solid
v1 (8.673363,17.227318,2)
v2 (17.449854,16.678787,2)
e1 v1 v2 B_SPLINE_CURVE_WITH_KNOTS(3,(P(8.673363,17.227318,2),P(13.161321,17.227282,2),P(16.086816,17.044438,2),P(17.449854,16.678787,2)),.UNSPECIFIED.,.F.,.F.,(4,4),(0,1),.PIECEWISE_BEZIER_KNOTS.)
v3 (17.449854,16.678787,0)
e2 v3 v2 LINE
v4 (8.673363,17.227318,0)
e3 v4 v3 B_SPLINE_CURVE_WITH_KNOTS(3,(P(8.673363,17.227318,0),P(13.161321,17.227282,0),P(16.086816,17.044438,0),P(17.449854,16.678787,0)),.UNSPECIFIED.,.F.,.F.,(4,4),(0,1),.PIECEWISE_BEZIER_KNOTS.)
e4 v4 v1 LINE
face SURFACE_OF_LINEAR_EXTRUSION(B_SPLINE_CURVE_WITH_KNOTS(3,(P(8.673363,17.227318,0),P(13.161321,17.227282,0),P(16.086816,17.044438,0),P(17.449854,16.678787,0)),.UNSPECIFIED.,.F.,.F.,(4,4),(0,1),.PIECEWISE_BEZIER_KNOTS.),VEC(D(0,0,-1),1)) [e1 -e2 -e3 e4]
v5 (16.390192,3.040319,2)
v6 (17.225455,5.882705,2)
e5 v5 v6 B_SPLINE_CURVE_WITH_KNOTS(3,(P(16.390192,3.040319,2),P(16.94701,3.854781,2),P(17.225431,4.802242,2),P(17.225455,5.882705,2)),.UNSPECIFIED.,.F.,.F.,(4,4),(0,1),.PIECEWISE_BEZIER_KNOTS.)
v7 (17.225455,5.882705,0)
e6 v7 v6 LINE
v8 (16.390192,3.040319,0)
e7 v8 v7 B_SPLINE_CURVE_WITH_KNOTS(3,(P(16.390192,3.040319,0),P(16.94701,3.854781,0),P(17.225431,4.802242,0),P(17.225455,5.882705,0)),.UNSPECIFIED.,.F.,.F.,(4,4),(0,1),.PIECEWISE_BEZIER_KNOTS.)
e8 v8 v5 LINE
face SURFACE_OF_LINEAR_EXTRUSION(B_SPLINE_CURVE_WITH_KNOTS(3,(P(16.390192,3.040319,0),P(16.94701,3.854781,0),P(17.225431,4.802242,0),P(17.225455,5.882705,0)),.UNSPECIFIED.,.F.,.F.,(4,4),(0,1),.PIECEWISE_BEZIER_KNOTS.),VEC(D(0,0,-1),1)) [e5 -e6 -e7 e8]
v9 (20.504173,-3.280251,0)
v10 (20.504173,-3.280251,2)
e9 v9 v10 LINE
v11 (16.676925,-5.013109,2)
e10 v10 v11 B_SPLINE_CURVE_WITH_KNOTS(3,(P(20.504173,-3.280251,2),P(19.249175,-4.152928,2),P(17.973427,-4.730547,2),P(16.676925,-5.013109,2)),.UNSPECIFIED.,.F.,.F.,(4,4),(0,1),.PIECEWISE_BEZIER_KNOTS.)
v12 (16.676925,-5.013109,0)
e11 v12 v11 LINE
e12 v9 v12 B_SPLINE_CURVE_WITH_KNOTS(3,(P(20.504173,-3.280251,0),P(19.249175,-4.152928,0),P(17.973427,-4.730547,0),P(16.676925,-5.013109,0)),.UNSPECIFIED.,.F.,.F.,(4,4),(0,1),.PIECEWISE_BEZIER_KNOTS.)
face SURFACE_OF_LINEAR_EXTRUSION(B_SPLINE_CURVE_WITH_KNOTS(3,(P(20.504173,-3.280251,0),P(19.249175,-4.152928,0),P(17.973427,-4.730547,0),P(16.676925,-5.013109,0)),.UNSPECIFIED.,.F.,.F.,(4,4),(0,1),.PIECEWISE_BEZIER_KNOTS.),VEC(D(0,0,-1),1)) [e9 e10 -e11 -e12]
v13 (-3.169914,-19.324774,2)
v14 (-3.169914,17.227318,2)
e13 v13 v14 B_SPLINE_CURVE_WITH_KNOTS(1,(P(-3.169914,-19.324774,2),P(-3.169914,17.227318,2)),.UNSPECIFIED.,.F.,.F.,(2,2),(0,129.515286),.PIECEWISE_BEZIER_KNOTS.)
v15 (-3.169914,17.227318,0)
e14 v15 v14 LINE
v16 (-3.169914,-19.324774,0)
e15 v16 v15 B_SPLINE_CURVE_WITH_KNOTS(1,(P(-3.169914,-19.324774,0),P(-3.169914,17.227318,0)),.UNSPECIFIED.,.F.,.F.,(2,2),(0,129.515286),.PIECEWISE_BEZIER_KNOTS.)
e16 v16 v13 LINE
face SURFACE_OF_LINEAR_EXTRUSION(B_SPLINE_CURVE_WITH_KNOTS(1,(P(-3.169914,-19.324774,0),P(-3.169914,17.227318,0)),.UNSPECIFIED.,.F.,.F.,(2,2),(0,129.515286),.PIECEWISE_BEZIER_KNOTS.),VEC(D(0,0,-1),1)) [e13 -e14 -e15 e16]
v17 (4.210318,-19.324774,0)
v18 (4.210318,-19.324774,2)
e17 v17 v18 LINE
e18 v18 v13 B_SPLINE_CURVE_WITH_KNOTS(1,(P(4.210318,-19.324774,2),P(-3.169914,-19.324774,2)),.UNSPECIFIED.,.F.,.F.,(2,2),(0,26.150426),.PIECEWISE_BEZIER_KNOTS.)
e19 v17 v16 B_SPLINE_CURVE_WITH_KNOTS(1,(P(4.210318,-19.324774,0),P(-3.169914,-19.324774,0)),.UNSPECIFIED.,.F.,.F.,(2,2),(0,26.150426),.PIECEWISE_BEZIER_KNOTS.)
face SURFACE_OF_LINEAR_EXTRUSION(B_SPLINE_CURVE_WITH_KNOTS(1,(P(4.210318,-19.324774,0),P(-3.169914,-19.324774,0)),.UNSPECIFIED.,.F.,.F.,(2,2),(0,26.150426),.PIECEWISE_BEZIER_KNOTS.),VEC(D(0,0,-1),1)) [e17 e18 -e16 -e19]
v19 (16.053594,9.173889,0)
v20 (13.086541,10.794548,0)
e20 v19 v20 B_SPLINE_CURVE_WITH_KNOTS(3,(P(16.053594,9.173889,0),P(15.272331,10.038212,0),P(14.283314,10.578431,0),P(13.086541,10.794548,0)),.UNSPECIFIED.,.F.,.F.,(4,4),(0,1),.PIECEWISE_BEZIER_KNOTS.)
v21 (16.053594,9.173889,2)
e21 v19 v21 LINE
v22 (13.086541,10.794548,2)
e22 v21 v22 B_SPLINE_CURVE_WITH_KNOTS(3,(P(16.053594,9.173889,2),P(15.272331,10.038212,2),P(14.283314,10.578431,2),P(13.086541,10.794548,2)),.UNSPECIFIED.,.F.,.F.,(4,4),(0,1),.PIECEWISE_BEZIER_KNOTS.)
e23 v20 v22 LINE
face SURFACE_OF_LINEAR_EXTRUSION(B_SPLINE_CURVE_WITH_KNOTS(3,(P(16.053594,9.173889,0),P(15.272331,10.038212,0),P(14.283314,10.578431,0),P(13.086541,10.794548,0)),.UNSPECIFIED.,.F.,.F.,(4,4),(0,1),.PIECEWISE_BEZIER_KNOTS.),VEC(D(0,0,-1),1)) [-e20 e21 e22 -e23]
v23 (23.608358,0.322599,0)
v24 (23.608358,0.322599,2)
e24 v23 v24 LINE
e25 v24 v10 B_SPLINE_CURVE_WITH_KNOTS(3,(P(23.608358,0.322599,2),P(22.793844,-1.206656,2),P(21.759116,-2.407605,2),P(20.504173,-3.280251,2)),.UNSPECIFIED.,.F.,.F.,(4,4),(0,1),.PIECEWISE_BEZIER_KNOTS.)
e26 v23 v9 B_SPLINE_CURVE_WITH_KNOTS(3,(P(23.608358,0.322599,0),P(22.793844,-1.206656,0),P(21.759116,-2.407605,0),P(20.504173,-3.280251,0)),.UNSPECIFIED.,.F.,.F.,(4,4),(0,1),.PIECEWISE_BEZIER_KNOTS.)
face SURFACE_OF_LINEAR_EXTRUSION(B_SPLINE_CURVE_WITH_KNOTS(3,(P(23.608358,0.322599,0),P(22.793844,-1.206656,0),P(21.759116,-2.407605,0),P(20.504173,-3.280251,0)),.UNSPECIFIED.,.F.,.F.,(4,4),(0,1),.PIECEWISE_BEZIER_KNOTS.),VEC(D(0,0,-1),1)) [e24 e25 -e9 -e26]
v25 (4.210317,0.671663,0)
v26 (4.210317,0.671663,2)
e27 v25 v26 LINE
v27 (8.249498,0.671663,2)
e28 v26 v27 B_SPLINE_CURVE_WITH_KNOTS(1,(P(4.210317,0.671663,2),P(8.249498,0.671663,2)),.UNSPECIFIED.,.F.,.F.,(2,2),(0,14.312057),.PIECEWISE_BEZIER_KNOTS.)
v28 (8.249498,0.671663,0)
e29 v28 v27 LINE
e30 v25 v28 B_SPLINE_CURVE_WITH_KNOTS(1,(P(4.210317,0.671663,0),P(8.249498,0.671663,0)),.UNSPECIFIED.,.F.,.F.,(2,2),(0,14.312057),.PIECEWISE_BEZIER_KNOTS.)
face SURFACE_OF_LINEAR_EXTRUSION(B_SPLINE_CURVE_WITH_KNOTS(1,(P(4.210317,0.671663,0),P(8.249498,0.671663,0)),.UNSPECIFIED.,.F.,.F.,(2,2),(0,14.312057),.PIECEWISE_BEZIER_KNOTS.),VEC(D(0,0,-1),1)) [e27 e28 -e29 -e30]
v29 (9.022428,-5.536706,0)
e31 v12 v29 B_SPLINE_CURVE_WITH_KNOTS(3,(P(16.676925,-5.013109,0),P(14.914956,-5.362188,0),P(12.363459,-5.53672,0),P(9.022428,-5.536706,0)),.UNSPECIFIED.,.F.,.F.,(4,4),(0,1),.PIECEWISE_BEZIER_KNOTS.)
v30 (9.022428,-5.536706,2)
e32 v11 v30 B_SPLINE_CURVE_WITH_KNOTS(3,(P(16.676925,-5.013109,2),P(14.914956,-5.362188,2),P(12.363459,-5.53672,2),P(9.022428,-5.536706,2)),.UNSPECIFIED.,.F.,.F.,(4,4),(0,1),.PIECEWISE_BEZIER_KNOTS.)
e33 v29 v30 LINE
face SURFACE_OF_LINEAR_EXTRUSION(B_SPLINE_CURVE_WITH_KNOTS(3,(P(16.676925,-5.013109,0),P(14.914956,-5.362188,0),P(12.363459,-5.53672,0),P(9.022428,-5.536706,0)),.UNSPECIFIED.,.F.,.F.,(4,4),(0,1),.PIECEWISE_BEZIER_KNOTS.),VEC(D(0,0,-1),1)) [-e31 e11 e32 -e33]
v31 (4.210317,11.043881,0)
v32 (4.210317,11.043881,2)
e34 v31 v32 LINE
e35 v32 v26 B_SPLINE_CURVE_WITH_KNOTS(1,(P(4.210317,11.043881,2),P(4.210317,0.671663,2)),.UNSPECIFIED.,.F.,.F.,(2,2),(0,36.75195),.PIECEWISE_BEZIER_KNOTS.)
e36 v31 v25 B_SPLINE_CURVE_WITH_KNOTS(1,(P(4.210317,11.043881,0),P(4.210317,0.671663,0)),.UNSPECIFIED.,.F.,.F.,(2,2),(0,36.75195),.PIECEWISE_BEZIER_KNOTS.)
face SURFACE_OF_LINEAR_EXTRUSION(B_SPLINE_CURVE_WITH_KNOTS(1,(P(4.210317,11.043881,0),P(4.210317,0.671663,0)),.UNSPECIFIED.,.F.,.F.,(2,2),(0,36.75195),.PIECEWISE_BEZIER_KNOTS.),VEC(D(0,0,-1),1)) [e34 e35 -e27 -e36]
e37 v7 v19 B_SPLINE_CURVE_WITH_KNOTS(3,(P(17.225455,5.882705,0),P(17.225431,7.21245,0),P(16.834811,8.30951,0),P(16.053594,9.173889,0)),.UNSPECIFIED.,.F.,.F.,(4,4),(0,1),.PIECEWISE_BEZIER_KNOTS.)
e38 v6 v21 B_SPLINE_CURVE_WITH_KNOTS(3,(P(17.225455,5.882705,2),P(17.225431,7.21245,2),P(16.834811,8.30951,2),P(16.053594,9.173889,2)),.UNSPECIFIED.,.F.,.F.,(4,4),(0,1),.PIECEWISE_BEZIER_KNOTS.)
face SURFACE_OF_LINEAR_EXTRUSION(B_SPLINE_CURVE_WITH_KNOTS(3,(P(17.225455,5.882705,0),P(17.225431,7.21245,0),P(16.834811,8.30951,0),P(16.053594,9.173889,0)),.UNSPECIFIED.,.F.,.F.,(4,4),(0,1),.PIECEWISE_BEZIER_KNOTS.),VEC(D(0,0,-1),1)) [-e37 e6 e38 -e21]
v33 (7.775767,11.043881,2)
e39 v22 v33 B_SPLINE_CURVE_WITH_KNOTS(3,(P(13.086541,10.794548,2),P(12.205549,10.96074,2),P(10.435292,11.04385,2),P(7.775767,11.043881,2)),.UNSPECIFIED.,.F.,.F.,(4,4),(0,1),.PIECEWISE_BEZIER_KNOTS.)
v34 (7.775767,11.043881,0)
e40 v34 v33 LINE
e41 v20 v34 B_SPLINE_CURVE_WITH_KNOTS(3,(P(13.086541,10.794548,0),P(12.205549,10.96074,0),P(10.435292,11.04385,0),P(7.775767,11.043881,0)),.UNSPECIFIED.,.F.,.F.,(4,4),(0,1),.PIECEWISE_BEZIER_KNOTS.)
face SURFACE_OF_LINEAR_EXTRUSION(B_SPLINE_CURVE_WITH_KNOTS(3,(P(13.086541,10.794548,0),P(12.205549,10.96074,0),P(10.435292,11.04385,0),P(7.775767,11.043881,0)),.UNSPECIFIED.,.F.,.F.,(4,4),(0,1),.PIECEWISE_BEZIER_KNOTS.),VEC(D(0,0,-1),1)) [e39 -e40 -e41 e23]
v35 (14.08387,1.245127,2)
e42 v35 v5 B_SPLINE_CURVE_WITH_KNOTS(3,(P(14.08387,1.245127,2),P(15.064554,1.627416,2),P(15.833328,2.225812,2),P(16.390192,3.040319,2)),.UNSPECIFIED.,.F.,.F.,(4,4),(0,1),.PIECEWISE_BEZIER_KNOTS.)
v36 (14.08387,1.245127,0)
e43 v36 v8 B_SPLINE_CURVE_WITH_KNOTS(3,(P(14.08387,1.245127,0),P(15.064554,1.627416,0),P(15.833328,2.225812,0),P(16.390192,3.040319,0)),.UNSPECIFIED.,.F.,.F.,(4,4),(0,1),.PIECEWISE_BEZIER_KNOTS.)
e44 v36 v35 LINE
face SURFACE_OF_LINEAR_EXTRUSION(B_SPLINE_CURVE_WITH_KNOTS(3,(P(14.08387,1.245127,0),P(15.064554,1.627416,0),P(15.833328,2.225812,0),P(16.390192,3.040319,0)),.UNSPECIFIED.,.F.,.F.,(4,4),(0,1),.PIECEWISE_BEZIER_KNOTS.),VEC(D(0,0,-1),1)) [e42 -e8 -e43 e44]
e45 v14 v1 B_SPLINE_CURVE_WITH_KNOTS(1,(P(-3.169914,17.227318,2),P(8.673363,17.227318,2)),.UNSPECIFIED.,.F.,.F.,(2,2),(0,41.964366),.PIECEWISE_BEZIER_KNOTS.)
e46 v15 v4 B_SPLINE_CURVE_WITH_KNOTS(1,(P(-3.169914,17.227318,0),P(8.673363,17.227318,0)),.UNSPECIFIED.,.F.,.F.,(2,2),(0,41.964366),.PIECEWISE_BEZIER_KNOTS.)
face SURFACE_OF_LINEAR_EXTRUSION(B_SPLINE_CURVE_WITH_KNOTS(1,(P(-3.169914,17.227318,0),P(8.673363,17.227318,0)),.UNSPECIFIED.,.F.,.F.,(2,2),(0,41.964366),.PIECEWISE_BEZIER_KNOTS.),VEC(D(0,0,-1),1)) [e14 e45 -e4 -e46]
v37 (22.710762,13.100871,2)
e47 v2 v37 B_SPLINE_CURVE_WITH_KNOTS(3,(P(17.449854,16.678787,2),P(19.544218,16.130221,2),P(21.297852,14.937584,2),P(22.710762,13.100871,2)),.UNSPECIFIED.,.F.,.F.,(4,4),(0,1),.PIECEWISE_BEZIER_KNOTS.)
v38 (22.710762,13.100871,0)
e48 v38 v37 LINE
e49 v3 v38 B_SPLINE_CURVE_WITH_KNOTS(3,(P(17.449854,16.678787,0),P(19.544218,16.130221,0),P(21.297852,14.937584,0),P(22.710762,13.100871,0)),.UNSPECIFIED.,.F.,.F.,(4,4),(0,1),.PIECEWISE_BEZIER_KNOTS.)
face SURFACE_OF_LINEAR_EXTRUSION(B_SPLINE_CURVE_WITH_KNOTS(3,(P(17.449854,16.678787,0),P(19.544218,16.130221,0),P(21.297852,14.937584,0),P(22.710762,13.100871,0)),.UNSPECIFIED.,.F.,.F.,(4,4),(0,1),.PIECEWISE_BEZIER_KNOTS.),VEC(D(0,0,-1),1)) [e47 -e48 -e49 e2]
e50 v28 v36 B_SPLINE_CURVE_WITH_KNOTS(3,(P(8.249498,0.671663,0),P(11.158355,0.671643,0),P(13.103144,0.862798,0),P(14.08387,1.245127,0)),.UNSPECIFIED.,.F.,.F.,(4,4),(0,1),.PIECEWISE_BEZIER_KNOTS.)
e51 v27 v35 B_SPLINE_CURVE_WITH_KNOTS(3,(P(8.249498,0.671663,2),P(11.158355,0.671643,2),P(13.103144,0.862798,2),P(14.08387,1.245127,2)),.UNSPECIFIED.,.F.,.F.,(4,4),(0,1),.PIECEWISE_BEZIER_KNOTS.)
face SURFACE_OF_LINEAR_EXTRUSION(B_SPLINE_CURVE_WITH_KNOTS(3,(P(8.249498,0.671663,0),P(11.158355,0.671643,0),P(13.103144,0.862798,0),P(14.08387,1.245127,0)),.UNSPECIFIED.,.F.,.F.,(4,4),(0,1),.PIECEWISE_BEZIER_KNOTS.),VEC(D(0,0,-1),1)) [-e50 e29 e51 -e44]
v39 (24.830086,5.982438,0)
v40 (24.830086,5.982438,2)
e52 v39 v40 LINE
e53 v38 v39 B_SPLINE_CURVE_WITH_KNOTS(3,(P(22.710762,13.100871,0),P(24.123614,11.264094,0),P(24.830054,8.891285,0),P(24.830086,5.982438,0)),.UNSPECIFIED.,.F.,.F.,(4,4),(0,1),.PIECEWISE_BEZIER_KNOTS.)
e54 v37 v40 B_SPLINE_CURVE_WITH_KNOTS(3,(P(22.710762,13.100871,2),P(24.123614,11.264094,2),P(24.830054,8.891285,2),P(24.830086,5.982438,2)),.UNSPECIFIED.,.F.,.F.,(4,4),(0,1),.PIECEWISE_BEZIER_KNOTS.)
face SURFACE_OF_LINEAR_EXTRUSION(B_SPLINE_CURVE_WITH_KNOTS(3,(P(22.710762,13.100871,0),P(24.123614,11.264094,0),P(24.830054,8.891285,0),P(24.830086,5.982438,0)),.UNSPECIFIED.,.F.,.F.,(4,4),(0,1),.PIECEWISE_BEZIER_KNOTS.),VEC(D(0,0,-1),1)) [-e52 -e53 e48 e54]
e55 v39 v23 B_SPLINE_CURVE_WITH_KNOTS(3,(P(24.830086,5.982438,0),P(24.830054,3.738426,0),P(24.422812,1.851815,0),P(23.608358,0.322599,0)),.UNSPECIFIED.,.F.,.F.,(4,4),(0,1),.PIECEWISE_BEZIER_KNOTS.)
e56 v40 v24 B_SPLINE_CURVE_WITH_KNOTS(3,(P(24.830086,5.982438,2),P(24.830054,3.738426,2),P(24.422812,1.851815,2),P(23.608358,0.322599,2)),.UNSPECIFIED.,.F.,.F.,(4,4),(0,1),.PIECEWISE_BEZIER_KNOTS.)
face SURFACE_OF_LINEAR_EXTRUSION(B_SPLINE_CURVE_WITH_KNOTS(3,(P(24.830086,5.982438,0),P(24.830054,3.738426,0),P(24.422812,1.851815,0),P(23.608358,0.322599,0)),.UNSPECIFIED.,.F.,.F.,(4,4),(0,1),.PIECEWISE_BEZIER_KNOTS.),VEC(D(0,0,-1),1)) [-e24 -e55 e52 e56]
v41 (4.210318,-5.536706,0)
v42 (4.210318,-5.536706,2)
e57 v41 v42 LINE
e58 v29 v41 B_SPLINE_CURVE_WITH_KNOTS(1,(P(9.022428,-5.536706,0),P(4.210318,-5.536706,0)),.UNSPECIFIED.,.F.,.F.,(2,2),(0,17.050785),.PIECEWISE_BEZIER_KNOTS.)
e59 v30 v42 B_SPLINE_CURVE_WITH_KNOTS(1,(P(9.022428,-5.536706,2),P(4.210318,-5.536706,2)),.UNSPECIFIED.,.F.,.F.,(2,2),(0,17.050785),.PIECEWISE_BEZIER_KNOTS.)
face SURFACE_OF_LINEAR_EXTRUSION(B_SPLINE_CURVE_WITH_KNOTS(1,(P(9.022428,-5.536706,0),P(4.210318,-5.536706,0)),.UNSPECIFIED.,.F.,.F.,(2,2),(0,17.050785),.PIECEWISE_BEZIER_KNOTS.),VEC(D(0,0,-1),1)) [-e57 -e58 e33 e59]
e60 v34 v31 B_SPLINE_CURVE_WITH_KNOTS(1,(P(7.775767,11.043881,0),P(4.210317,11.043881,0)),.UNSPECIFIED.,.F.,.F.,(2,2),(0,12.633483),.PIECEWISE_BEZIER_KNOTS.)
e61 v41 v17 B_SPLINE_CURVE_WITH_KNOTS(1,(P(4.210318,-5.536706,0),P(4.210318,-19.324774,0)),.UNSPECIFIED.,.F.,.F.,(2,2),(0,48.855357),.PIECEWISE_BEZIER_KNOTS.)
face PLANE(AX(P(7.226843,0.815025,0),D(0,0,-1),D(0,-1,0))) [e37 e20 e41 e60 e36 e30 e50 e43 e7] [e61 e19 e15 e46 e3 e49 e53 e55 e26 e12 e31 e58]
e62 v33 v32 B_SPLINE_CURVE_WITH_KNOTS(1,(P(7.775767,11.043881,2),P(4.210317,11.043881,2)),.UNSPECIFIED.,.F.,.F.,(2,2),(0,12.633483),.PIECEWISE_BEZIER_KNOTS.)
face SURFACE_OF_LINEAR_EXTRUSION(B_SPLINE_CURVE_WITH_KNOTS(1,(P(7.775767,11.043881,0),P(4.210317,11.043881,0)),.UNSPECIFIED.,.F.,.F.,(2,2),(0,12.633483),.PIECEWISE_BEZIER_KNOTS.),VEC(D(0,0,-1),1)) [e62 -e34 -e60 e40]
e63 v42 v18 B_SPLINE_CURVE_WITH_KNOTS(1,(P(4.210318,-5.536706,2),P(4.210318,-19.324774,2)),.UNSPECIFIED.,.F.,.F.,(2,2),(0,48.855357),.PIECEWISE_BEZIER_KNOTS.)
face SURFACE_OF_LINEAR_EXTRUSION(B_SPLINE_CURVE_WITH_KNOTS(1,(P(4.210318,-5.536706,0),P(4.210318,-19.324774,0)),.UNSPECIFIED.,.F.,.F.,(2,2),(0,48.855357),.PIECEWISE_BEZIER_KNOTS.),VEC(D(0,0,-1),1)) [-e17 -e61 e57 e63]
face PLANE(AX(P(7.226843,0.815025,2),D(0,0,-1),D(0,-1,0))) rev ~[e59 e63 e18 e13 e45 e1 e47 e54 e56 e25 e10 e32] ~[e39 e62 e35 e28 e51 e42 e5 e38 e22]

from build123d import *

# Parameters (mm, degrees)
EXTRUDE001_DEPTH = 2
EXTRUDE_DEPTH    = 2


with BuildPart() as extrude001:
    # path2994001 → Extrude001 (new body)
    with BuildSketch(Plane(origin=(10.717886, 5.857762, 0), x_dir=(0, 1, 0), z_dir=(0, 0, 1))):
        with BuildLine():
            add(Edge.make_bspline(
                [(5.186119, 6.507569), (-5.186099, 6.507569)],
                knots=[0, 0, 36.75195, 36.75195], degree=1))
            add(Edge.make_bspline(
                [(-5.186099, 6.507569), (-5.186099, 2.468388)],
                knots=[0, 0, 14.312057, 14.312057], degree=1))
            add(Edge.make_bspline(
                [(-5.186099, 2.468388), (-5.186119, -0.440469), (-4.994964, -2.385258), (-4.612635, -3.365984)],
                knots=[0, 0, 0, 0, 1, 1, 1, 1], degree=3))
            add(Edge.make_bspline(
                [(-4.612635, -3.365984), (-4.230346, -4.346668), (-3.63195, -5.115442), (-2.817443, -5.672306)],
                knots=[0, 0, 0, 0, 1, 1, 1, 1], degree=3))
            add(Edge.make_bspline(
                [(-2.817443, -5.672306), (-2.002981, -6.229124), (-1.05552, -6.507545), (0.024943, -6.507569)],
                knots=[0, 0, 0, 0, 1, 1, 1, 1], degree=3))
            add(Edge.make_bspline(
                [(0.024943, -6.507569), (1.354688, -6.507545), (2.451748, -6.116925), (3.316127, -5.335708)],
                knots=[0, 0, 0, 0, 1, 1, 1, 1], degree=3))
            add(Edge.make_bspline(
                [(3.316127, -5.335708), (4.18045, -4.554445), (4.720669, -3.565428), (4.936786, -2.368655)],
                knots=[0, 0, 0, 0, 1, 1, 1, 1], degree=3))
            add(Edge.make_bspline(
                [(4.936786, -2.368655), (5.102978, -1.487663), (5.186088, 0.282594), (5.186119, 2.942119)],
                knots=[0, 0, 0, 0, 1, 1, 1, 1], degree=3))
            add(Edge.make_bspline(
                [(5.186119, 2.942119), (5.186119, 6.507569)],
                knots=[0, 0, 12.633483, 12.633483], degree=1))
        make_face()
    extrude(amount=EXTRUDE001_DEPTH)


with BuildPart() as cut:
    # path2994 → Extrude (new body)
    with BuildSketch(Plane(origin=(10.830086, -1.048728, 0), x_dir=(0, -1, 0), z_dir=(0, 0, -1))):
        with BuildLine():
            add(Edge.make_bspline(
                [(18.276046, 14), (-18.276046, 14)],
                knots=[0, 0, 129.515286, 129.515286], degree=1))
            add(Edge.make_bspline(
                [(-18.276046, 14), (-18.276046, 2.156723)],
                knots=[0, 0, 41.964366, 41.964366], degree=1))
            add(Edge.make_bspline(
                [(-18.276046, 2.156723), (-18.27601, -2.331235), (-18.093166, -5.25673), (-17.727515, -6.619768)],
                knots=[0, 0, 0, 0, 1, 1, 1, 1], degree=3))
            add(Edge.make_bspline(
                [(-17.727515, -6.619768), (-17.178949, -8.714132), (-15.986312, -10.467766), (-14.149599, -11.880676)],
                knots=[0, 0, 0, 0, 1, 1, 1, 1], degree=3))
            add(Edge.make_bspline(
                [(-14.149599, -11.880676), (-12.312822, -13.293528), (-9.940013, -13.999968), (-7.031166, -14)],
                knots=[0, 0, 0, 0, 1, 1, 1, 1], degree=3))
            add(Edge.make_bspline(
                [(-7.031166, -14), (-4.787154, -13.999968), (-2.900543, -13.592726), (-1.371327, -12.778272)],
                knots=[0, 0, 0, 0, 1, 1, 1, 1], degree=3))
            add(Edge.make_bspline(
                [(-1.371327, -12.778272), (0.157928, -11.963758), (1.358877, -10.92903), (2.231523, -9.674087)],
                knots=[0, 0, 0, 0, 1, 1, 1, 1], degree=3))
            add(Edge.make_bspline(
                [(2.231523, -9.674087), (3.1042, -8.419089), (3.681819, -7.143341), (3.964381, -5.846839)],
                knots=[0, 0, 0, 0, 1, 1, 1, 1], degree=3))
            add(Edge.make_bspline(
                [(3.964381, -5.846839), (4.31346, -4.08487), (4.487992, -1.533373), (4.487978, 1.807658)],
                knots=[0, 0, 0, 0, 1, 1, 1, 1], degree=3))
            add(Edge.make_bspline(
                [(4.487978, 1.807658), (4.487978, 6.619768)],
                knots=[0, 0, 17.050785, 17.050785], degree=1))
            add(Edge.make_bspline(
                [(4.487978, 6.619768), (18.276046, 6.619768)],
                knots=[0, 0, 48.855357, 48.855357], degree=1))
            add(Edge.make_bspline(
                [(18.276046, 6.619768), (18.276046, 14)],
                knots=[0, 0, 26.150426, 26.150426], degree=1))
        make_face()
    extrude(amount=-EXTRUDE_DEPTH)

    # Cut: cut Extrude001
    add(extrude001.part, mode=Mode.SUBTRACT)


solid = cut.part
